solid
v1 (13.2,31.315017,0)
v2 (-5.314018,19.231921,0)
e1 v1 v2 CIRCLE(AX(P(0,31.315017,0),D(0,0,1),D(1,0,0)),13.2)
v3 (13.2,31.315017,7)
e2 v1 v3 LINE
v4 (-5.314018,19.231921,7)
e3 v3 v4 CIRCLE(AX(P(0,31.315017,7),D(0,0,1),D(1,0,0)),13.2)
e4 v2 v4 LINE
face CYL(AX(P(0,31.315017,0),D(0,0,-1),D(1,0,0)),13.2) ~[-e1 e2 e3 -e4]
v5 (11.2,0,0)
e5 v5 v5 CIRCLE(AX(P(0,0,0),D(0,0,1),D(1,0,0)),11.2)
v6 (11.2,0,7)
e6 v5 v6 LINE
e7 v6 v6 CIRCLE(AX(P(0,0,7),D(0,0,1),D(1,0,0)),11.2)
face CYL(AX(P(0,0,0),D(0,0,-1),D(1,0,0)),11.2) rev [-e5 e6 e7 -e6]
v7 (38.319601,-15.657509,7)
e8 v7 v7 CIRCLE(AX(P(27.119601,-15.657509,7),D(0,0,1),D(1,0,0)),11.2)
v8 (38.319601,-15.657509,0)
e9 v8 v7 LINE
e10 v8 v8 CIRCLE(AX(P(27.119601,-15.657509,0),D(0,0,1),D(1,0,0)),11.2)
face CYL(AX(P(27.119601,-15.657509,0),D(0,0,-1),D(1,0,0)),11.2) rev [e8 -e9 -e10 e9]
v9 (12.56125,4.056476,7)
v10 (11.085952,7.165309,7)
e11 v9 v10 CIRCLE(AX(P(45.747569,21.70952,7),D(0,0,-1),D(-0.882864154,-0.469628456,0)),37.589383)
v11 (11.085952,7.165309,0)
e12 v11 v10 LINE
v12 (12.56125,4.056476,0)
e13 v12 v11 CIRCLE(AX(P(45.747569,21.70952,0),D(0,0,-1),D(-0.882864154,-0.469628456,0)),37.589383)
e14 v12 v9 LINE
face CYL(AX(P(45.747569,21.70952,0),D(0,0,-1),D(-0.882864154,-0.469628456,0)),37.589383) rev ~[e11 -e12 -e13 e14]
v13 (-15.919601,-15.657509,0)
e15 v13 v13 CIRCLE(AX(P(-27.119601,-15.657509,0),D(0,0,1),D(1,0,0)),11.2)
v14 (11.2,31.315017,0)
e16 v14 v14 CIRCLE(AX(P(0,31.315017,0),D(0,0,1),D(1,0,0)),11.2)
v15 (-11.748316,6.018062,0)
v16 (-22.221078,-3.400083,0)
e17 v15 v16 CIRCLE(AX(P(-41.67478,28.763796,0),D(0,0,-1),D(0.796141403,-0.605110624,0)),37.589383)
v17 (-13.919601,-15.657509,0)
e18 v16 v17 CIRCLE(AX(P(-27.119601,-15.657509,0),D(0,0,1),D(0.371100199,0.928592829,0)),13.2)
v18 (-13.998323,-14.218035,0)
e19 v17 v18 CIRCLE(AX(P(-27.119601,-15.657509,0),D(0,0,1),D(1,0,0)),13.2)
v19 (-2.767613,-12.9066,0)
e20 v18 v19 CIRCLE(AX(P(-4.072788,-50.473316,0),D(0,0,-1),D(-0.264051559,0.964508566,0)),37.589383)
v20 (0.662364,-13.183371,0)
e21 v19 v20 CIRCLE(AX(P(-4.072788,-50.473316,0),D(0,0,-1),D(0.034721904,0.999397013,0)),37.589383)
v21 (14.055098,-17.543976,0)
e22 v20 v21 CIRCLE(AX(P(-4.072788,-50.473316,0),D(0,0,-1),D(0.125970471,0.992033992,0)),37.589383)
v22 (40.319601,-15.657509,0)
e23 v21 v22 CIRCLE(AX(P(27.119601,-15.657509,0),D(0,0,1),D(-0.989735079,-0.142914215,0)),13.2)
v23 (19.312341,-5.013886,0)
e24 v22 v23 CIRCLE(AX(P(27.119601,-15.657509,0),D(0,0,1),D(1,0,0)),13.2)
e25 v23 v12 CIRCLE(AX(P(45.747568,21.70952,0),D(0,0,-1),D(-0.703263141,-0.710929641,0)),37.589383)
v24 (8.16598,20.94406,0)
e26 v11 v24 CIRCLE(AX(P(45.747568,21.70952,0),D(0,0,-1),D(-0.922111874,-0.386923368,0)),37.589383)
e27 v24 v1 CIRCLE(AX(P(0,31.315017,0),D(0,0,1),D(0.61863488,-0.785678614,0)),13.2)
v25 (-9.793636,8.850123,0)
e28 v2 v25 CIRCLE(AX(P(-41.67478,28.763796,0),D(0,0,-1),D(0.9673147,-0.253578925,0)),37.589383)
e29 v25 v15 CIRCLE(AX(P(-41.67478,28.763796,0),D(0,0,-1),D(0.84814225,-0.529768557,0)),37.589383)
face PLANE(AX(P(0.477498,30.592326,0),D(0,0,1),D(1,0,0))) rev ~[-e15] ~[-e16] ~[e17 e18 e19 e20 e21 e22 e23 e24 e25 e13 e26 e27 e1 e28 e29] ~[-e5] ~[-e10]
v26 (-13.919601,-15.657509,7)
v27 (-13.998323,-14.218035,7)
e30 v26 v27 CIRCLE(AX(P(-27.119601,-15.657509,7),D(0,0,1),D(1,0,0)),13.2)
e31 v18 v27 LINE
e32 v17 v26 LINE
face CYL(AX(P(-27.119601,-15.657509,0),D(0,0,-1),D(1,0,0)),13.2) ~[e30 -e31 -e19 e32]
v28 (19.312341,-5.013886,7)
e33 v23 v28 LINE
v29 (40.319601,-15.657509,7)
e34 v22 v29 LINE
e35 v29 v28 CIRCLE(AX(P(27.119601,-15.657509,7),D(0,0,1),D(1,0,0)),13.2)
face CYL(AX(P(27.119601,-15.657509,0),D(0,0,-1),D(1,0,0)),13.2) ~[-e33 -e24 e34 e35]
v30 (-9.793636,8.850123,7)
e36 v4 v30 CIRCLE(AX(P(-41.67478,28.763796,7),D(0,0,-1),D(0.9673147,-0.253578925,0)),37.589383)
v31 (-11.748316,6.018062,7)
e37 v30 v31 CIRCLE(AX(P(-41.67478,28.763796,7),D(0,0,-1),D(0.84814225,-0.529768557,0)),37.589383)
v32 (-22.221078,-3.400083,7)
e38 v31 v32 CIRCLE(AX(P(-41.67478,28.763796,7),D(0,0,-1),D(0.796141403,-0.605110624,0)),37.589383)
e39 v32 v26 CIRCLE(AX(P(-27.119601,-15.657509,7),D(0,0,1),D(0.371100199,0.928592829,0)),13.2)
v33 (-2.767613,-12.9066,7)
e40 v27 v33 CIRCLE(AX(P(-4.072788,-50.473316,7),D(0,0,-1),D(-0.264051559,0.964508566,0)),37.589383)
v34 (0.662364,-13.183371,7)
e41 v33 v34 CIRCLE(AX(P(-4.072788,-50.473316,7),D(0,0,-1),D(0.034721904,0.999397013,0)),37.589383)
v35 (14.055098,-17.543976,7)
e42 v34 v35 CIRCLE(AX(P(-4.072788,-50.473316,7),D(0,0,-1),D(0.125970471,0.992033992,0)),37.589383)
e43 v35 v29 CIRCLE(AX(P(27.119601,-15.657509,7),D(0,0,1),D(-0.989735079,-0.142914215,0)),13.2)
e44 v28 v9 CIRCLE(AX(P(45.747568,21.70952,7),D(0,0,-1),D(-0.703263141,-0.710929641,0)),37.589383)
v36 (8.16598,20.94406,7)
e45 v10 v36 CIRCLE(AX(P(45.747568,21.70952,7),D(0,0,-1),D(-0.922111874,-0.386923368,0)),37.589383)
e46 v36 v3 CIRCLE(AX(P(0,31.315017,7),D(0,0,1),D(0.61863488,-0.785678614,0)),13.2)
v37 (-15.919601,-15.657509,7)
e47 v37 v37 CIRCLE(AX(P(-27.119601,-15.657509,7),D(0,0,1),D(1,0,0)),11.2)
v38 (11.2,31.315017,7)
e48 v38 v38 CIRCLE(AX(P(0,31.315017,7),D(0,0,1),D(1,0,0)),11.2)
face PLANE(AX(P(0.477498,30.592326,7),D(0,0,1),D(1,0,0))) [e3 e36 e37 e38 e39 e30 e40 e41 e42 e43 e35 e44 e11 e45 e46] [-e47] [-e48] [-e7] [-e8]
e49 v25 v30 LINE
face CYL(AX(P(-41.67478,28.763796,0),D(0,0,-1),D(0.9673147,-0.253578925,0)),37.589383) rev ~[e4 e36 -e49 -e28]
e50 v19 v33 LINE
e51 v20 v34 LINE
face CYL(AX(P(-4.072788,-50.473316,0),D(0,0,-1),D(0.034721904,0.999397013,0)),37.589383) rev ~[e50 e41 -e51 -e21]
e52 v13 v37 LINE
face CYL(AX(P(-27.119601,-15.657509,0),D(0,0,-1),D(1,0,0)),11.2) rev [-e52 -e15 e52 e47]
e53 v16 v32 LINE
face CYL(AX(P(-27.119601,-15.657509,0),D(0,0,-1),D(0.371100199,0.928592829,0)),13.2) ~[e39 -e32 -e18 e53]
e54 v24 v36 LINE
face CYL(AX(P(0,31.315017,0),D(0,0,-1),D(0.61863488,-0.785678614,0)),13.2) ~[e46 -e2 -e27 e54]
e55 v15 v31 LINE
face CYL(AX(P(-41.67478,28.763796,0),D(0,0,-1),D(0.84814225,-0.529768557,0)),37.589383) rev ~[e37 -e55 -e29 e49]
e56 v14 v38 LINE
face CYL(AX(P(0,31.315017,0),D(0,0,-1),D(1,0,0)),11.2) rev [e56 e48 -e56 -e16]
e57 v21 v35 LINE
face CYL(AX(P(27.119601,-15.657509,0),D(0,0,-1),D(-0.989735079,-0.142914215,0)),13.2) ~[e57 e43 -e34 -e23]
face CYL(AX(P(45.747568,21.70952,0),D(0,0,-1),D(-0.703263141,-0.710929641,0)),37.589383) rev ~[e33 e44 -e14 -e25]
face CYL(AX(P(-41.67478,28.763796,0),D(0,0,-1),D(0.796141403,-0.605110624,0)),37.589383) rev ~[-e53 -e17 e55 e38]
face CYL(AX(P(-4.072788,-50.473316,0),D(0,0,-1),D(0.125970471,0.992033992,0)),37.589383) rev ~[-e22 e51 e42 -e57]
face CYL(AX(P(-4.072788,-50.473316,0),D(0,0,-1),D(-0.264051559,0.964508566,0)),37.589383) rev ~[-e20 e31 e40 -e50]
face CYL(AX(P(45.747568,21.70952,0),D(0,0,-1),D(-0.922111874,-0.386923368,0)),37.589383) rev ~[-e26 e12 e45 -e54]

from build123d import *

# Parameters (mm, degrees)
F0_R     = 11.2
F1_DEPTH = 7


with BuildPart() as f1:
    # F0 (on Top) → F1 (new body)
    with BuildSketch(Plane.XY):
        with BuildLine():
            ThreePointArc((-5.3140176456, 19.2319211805), (1.6632130225, 18.2202199581), (8.1659804164, 20.9440597808))
            ThreePointArc((8.1659804164, 20.9440597808), (11.8749935052, 25.5509452113), (13.2, 31.3150174916))
            ThreePointArc((13.2, 31.3150174916), (-7.2143941907, 42.3690898842), (-5.3140176456, 19.2319211805))
        make_face()
        with Locations((0, 31.3150174916)):
            Circle(F0_R, mode=Mode.SUBTRACT)
        with BuildLine():
            ThreePointArc((-13.9196006677, -15.6575087458), (-13.939296065, -14.9366963), (-13.9983234831, -14.2180348675))
            ThreePointArc((-13.9983234831, -14.2180348675), (-16.6107798575, -7.6697252497), (-22.2210780368, -3.400083403))
            ThreePointArc((-22.2210780368, -3.400083403), (-38.0489304442, -23.0595186509), (-13.9196006677, -15.6575087458))
        make_face()
        with Locations((-27.1196006677, -15.6575087458)):
            Circle(F0_R, mode=Mode.SUBTRACT)
        with BuildLine():
            ThreePointArc((0.6623638429, -13.183371122), (9.565124221, -9.09661468), (13.2, 0))
            ThreePointArc((13.2, 0), (13.0393347088, 2.0532292498), (12.5612499466, 4.0564762761))
            ThreePointArc((12.5612499466, 4.0564762761), (11.7880076827, 5.5940019812), (11.0859523777, 7.1653094754))
            ThreePointArc((11.0859523777, 7.1653094754), (1.0616824394, 13.157234907), (-9.7936364782, 8.850123419))
            ThreePointArc((-9.7936364782, 8.850123419), (-10.7385516659, 7.4117131226), (-11.7483162206, 6.0180616465))
            ThreePointArc((-11.7483162206, 6.0180616465), (-11.9253408927, -5.6591734902), (-2.7676134684, -12.9065996951))
            ThreePointArc((-2.7676134684, -12.9065996951), (-1.0494560168, -13.0057151038), (0.6623638429, -13.183371122))
        make_face()
        Circle(F0_R, mode=Mode.SUBTRACT)
        with BuildLine():
            ThreePointArc((12.5612499466, 4.0564762761), (13.0393347088, 2.0532292498), (13.2, 0))
            ThreePointArc((13.2, 0), (9.565124221, -9.09661468), (0.6623638429, -13.183371122))
            ThreePointArc((0.6623638429, -13.183371122), (7.5647950779, -14.7307879991), (14.0550976203, -17.5439763778))
            ThreePointArc((14.0550976203, -17.5439763778), (14.947566835, -10.5504947085), (19.3123411287, -5.013886313))
            ThreePointArc((19.3123411287, -5.013886313), (15.5937950375, -0.7340010586), (12.5612499466, 4.0564762761))
        make_face()
        with BuildLine():
            ThreePointArc((40.3196006677, -15.6575087458), (33.0855110796, -3.8826239074), (19.3123411287, -5.013886313))
            ThreePointArc((19.3123411287, -5.013886313), (14.947566835, -10.5504947085), (14.0550976203, -17.5439763778))
            ThreePointArc((14.0550976203, -17.5439763778), (28.0652643963, -28.8235909312), (40.3196006677, -15.6575087458))
        make_face()
        with Locations((27.1196006677, -15.6575087458)):
            Circle(F0_R, mode=Mode.SUBTRACT)
        with BuildLine():
            ThreePointArc((-9.7936364782, 8.850123419), (1.0616824394, 13.157234907), (11.0859523777, 7.1653094754))
            ThreePointArc((11.0859523777, 7.1653094754), (8.9748390861, 13.9166987115), (8.1659804164, 20.9440597808))
            ThreePointArc((8.1659804164, 20.9440597808), (1.6632130225, 18.2202199581), (-5.3140176456, 19.2319211805))
            ThreePointArc((-5.3140176456, 19.2319211805), (-7.1612339556, 13.8716231732), (-9.7936364782, 8.850123419))
        make_face()
        with BuildLine():
            ThreePointArc((-13.9983234831, -14.2180348675), (-8.432561082, -13.1376221146), (-2.7676134684, -12.9065996951))
            ThreePointArc((-2.7676134684, -12.9065996951), (-11.9253408927, -5.6591734902), (-11.7483162206, 6.0180616465))
            ThreePointArc((-11.7483162206, 6.0180616465), (-16.539634164, 0.8140892877), (-22.2210780368, -3.400083403))
            ThreePointArc((-22.2210780368, -3.400083403), (-16.6107798575, -7.6697252497), (-13.9983234831, -14.2180348675))
        make_face()
    extrude(amount=F1_DEPTH)


solid = f1.part
